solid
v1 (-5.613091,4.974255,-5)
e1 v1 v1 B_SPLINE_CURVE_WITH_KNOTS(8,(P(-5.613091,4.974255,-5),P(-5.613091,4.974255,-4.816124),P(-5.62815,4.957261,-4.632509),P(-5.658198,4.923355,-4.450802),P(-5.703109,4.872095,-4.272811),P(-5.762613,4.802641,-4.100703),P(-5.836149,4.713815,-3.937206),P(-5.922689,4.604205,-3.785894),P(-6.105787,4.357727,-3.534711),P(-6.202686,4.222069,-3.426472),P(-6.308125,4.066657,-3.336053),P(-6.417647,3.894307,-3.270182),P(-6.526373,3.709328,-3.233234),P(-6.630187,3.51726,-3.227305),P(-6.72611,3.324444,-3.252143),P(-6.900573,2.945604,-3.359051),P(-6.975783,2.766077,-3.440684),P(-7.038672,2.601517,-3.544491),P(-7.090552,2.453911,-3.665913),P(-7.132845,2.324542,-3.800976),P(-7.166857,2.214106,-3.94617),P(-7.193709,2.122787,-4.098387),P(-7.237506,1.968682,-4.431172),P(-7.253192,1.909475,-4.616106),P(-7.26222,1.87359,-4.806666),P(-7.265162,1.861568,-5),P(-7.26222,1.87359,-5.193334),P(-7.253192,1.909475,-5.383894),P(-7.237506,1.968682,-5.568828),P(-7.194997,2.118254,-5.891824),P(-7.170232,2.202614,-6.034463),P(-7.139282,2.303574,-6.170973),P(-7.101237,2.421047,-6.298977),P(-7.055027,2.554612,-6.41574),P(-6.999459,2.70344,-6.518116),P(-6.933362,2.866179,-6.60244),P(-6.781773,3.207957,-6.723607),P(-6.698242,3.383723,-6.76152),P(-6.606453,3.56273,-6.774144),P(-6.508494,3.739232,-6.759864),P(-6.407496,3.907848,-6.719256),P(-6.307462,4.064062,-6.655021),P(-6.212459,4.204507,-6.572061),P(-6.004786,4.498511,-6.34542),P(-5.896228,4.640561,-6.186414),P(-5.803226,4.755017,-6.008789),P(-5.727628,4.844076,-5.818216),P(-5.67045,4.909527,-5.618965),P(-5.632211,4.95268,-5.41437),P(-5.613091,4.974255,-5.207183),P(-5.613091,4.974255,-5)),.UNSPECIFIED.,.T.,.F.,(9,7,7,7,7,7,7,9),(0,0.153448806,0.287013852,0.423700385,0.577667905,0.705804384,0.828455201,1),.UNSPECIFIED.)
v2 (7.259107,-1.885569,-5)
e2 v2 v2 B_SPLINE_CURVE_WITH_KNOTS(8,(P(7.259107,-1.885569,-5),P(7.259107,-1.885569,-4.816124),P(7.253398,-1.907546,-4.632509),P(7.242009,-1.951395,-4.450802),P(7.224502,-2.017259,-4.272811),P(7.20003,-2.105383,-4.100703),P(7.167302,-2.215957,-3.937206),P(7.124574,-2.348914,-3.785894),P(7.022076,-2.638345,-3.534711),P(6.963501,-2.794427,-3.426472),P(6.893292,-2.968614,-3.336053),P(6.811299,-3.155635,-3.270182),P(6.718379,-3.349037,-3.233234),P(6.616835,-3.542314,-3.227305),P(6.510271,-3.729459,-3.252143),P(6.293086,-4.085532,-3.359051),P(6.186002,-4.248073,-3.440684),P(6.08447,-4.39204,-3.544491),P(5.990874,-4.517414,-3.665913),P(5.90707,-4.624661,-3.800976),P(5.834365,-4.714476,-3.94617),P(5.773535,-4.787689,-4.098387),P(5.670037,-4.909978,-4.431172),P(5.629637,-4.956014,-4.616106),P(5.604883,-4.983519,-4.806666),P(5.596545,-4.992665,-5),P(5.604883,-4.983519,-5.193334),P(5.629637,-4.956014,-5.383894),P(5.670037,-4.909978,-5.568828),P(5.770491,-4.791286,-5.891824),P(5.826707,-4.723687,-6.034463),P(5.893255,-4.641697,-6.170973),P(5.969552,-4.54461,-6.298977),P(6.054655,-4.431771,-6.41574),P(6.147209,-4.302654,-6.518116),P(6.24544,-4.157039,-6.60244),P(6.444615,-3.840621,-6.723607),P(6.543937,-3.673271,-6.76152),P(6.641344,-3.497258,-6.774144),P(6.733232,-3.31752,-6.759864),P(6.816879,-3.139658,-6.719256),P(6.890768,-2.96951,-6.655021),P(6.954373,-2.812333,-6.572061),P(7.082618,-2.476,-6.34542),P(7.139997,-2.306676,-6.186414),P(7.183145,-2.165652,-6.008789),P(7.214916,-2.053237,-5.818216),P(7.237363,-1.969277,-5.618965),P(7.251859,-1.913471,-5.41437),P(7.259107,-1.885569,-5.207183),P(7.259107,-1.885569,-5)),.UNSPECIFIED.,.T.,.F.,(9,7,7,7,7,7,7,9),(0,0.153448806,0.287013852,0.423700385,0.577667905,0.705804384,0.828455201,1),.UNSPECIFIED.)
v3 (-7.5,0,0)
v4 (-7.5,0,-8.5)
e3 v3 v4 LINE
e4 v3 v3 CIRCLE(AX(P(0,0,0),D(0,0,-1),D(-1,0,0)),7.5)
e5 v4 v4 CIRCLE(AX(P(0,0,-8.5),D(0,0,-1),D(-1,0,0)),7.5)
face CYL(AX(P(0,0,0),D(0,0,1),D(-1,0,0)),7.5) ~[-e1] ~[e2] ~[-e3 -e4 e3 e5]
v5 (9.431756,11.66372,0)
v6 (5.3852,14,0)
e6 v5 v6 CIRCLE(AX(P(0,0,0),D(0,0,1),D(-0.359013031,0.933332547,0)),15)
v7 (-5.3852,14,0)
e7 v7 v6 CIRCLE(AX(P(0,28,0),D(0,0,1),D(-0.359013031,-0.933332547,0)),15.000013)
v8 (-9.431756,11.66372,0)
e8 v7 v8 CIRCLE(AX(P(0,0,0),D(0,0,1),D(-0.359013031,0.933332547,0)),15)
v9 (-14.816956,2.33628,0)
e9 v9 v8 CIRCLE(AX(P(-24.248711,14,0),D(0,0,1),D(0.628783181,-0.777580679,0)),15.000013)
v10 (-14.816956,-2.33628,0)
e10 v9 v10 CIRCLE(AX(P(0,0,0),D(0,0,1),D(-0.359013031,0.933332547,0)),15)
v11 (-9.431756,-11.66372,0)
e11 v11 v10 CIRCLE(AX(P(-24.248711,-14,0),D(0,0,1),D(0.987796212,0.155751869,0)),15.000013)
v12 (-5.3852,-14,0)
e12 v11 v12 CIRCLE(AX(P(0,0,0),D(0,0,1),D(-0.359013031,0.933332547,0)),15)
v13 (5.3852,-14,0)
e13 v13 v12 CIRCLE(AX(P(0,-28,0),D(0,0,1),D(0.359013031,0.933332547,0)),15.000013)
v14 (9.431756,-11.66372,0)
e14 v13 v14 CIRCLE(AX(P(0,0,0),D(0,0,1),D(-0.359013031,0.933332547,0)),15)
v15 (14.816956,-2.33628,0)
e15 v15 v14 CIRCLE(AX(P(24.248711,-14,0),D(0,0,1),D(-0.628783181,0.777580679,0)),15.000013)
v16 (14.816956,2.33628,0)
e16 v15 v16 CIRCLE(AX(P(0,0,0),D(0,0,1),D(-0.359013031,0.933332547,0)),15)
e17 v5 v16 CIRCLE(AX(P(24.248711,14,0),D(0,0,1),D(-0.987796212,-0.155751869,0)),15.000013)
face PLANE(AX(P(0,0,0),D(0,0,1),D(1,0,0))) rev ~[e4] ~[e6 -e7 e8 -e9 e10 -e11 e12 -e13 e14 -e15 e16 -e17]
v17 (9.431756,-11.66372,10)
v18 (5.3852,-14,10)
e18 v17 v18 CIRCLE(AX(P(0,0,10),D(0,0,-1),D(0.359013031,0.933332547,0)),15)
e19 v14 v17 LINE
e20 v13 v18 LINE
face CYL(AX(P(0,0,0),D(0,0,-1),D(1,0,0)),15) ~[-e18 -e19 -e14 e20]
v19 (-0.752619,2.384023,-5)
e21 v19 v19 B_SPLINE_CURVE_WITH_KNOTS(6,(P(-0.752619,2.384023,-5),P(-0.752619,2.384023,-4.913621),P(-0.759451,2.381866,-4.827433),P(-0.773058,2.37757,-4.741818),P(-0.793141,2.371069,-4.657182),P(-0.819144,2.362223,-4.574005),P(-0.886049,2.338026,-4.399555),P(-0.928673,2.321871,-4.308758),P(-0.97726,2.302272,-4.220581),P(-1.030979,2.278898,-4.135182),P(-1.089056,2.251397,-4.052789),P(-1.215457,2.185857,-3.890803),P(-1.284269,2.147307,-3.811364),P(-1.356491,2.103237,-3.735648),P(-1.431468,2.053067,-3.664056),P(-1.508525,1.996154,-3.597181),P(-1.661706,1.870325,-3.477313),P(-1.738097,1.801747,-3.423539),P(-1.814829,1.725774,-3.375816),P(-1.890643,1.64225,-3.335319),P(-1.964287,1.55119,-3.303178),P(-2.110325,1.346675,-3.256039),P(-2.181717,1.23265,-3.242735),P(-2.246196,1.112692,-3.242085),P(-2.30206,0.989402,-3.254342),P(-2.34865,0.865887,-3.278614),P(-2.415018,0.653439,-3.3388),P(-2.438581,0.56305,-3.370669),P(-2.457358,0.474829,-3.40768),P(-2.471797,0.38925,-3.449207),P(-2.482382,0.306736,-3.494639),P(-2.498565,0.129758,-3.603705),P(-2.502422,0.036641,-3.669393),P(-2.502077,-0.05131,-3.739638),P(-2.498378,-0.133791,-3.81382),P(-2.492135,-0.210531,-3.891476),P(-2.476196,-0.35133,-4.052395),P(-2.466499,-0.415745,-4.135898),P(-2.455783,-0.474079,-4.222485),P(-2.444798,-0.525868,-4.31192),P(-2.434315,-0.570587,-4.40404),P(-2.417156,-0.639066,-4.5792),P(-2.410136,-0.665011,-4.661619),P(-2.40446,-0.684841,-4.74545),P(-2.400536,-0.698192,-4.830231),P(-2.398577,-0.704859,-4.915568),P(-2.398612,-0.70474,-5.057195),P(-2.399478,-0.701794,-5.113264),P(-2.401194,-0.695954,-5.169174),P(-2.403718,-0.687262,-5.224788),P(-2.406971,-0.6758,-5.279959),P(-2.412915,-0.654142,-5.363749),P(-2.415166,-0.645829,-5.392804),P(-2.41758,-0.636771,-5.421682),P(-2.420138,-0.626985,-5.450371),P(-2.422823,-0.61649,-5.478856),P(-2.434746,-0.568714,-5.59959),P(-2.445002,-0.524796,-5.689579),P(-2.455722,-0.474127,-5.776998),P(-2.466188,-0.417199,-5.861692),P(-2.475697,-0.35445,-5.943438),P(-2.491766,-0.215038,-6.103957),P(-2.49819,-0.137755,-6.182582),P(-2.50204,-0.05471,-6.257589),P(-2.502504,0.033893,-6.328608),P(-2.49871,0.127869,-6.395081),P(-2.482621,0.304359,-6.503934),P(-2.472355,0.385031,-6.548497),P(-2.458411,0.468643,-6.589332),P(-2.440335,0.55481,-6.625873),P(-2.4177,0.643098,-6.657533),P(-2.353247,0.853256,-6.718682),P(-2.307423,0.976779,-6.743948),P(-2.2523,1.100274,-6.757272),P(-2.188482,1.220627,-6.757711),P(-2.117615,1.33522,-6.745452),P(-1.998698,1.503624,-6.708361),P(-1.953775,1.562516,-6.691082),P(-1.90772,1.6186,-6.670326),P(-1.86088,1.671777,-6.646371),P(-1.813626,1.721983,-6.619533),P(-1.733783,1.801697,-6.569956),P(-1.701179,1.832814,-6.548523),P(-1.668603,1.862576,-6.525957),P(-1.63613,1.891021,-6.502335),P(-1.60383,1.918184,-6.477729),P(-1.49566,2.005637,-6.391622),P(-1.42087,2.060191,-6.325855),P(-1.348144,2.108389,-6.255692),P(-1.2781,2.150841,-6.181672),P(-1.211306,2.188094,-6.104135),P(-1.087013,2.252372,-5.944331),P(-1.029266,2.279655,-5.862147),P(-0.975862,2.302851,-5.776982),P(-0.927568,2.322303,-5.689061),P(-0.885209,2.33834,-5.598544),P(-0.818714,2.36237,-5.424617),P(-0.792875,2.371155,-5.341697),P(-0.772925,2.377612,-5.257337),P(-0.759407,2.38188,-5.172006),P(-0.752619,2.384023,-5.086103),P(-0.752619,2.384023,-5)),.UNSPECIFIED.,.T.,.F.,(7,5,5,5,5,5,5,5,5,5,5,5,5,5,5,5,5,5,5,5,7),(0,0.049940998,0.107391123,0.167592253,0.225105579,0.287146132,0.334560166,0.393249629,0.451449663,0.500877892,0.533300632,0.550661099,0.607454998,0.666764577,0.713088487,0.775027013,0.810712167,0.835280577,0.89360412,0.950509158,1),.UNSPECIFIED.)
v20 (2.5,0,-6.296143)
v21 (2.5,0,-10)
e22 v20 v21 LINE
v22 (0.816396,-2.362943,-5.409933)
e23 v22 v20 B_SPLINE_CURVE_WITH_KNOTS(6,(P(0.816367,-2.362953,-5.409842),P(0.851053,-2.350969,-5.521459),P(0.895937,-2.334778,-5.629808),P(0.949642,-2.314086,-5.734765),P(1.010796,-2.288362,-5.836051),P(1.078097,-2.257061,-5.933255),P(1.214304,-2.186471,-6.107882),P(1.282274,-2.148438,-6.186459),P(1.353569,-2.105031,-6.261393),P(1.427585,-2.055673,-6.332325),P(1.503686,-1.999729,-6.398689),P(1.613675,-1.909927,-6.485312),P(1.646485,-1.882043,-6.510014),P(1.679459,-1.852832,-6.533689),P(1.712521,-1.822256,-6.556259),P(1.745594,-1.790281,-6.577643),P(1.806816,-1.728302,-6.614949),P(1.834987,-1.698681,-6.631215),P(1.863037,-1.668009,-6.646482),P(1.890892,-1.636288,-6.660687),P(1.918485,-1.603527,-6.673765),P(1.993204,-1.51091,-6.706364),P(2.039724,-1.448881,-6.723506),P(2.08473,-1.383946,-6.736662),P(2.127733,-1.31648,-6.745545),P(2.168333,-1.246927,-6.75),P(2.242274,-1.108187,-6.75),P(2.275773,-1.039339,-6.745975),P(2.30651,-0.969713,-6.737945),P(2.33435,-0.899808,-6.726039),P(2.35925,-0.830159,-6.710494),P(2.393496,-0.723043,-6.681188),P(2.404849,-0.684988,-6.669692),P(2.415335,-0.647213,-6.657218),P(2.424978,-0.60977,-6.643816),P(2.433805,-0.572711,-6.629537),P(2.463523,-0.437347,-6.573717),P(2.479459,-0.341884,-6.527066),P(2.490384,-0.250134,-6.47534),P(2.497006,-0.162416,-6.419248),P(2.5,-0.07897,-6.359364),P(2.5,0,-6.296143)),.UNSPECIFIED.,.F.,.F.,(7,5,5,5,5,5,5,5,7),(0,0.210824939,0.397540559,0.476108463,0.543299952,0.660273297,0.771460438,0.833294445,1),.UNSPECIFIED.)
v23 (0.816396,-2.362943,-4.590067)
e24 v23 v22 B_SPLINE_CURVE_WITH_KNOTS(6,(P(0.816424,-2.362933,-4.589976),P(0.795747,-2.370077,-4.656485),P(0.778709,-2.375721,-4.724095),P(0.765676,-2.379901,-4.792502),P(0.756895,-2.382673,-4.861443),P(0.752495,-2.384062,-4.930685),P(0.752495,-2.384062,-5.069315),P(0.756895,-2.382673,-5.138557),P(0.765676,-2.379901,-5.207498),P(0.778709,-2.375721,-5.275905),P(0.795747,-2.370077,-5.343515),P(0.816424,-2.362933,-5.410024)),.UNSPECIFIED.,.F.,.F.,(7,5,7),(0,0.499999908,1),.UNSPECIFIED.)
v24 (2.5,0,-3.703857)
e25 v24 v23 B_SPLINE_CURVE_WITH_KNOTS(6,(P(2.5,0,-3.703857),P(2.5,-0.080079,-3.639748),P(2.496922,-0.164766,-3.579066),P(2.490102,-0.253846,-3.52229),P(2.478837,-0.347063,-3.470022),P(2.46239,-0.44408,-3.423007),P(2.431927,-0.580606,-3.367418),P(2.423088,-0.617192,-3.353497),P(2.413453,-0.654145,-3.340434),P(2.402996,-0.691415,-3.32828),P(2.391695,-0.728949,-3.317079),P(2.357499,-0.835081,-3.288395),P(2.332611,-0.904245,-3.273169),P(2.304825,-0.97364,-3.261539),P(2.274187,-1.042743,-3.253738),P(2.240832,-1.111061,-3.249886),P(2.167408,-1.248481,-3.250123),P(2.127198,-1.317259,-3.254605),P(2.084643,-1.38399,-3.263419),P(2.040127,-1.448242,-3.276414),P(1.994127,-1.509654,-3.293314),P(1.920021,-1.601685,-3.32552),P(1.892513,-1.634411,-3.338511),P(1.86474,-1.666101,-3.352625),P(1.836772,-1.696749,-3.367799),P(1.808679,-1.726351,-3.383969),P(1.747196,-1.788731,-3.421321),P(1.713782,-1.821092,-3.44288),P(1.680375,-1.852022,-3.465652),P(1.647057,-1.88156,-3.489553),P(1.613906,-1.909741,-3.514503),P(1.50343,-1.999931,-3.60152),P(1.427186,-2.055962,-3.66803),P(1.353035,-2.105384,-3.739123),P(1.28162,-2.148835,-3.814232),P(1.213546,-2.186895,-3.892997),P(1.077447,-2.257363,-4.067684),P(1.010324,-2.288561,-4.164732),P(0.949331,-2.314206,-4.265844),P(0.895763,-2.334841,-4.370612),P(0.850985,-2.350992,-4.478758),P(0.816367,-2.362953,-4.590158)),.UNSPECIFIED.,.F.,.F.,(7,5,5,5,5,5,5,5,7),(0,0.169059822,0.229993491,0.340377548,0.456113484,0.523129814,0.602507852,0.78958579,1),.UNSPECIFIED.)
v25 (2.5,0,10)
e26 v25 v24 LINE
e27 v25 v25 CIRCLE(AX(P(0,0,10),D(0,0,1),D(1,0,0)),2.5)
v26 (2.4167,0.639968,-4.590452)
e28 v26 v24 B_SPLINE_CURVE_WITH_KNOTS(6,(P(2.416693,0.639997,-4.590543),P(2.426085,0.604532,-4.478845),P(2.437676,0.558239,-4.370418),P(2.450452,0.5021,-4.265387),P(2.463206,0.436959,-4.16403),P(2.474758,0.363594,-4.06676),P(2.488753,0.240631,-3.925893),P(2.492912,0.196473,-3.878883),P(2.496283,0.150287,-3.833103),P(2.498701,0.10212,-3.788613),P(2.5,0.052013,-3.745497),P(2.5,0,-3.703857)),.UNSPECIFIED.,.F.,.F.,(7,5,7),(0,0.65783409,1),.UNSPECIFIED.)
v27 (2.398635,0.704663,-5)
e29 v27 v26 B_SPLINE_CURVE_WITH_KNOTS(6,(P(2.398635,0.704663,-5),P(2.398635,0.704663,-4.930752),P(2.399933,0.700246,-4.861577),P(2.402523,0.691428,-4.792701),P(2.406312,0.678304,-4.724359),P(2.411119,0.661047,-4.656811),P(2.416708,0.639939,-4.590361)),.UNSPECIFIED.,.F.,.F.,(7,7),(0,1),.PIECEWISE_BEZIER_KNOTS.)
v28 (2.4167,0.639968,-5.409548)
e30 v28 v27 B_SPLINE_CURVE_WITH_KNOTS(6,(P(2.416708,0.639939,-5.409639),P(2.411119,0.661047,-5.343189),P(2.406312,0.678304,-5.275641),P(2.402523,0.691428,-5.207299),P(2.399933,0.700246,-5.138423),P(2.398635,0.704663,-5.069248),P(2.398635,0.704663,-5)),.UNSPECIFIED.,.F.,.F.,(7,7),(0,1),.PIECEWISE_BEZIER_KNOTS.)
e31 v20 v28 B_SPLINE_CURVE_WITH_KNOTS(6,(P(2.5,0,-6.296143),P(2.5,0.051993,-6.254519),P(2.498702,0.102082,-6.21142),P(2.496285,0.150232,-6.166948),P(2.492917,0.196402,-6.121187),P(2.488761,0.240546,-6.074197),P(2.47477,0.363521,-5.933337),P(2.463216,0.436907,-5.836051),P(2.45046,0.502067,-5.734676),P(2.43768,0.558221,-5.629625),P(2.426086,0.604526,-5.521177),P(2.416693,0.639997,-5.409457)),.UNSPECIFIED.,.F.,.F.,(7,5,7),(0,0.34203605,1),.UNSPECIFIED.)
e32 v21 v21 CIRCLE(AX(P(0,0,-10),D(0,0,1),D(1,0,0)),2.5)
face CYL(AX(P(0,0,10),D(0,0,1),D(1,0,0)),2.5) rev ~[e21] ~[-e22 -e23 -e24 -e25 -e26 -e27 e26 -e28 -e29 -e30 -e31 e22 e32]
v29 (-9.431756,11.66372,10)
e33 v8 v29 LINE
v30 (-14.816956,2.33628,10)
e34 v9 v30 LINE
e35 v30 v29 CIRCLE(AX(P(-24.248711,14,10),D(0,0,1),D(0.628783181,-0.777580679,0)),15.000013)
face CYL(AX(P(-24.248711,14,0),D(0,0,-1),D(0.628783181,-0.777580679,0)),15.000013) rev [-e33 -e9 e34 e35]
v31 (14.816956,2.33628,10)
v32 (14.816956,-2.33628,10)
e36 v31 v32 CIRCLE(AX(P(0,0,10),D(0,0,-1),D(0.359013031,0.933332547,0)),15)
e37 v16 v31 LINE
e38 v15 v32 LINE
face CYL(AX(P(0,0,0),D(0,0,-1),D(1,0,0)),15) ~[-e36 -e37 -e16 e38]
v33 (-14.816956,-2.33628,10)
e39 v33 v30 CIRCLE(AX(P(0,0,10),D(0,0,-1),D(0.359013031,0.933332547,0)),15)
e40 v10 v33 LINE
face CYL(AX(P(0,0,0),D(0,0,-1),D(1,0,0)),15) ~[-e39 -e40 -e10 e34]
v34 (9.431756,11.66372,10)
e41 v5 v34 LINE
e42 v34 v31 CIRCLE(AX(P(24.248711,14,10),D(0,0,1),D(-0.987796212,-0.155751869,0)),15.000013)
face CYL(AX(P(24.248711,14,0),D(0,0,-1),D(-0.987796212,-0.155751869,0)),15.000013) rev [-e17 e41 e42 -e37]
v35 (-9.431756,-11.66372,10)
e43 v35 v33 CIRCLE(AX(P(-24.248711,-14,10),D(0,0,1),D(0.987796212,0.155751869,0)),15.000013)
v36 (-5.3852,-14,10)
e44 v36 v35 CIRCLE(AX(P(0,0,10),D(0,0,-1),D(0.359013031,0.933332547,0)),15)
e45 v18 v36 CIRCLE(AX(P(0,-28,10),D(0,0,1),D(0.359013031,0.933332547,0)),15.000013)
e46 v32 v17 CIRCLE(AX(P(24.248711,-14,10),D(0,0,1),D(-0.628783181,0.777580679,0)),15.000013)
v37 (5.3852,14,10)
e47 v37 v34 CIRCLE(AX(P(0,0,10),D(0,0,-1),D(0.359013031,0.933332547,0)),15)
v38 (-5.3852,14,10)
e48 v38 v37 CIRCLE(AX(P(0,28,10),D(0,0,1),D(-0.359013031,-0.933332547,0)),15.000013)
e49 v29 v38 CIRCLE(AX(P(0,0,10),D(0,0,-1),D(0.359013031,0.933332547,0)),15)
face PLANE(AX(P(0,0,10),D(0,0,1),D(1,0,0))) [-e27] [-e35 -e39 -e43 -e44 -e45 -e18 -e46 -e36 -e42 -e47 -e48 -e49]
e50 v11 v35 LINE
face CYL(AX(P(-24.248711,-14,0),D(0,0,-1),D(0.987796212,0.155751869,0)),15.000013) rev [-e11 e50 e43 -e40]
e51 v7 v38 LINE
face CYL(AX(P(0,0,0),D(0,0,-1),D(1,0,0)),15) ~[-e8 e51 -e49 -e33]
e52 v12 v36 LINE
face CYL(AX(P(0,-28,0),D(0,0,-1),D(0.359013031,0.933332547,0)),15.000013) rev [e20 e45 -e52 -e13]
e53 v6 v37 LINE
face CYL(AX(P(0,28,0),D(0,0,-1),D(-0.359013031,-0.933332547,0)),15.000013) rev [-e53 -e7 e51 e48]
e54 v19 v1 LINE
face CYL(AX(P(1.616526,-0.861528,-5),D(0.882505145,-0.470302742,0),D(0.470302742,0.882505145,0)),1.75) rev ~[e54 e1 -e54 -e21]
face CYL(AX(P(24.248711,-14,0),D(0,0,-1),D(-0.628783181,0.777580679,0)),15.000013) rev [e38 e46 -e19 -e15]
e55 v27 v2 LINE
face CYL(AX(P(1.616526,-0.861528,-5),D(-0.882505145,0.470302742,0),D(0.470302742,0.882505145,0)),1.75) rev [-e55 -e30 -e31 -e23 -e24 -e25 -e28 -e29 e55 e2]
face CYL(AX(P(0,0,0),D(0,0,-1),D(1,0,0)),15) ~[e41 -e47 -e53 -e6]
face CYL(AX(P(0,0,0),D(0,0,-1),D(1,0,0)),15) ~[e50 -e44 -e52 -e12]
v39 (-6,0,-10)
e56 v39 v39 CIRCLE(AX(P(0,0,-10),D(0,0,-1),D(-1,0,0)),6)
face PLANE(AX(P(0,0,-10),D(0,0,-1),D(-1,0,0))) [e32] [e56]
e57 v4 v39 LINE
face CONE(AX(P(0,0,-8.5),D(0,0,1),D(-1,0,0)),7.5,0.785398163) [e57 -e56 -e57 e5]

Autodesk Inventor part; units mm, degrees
ref_plane "YZ Plane" through (0, 0, 0) normal (1, 0, 0) x (0, 1, 0)
ref_plane "XZ Plane" through (0, 0, 0) normal (0, 1, 0) x (-1, 0, 0)
sketch "Skizze1" plane through (0, 0, 0) normal (0, 0, 1) x (1, 0, 0)
  circle A0 centre (0, 0) radius 15
  line L0 (0, 15) -> (0, -15) construction
  arc A1 (-5.3852, 14) -> (5.3852, 14) centre (0, 28) ccw
  point P0 (0, 0)
  point P1 (0, 13)
  dimension "d0" = 30
  dimension "d1" = 15
  dimension "d2" = 13
extrude "Extrusion1" add sketch "Skizze1" along normal blind 10
extrude "Extrusion2" cut sketch "Skizze1" along normal blind 10 contours A1 A0 picked at (0.6105, 13.7041)
pattern_circular "Runde Anordnung1" count 6 over 360 about axis through (0, 0, 0) along (0, 0, 1) of "Extrusion2"
sketch "Skizze2" plane through (0, 0, 0) normal (0, 0, -1) x (-1, 0, 0)
  circle A0 centre (0, 0) radius 7.5
  dimension "d10" = 15
extrude "Extrusion3" add sketch "Skizze2" along normal blind 10
chamfer "Fasen1" distance 1.5 angle 45 1 edges at (7.5, 0, -10)
sketch "Skizze3" plane through (0, 0, 10) normal (0, 0, 1) x (1, 0, 0)
  circle A0 centre (0, 0) radius 2.5
  dimension "d16" = 5
extrude "Extrusion4" cut sketch "Skizze3" against normal up to surface (20 mm away)
ref_plane "Arbeitsebene2" through (-5.3852, -14, 0) normal (0.8825, -0.4703, 0) x (0.4703, 0.8825, 0)
sketch "Skizze5" plane through (-5.3852, -14, 0) normal (0.8825, -0.4703, 0) x (0.4703, 0.8825, 0)
  circle A0 centre (14.8877, -5) radius 1.75
  point P0 (14.8877, 0)
  dimension "d21" = 3.5
  dimension "d22" = 5
extrude "Extrusion5" cut sketch "Skizze5" along normal through all both and the other way through all
thread "Gewinde2" size "M3.5x0.6" class "6H" standard "ANSI Metric M Profile" length 25
thread "Gewinde3" size "M3.5x0.6" class "6H" standard "ANSI Metric M Profile" length 25
properties part number "bolt" material "Stahl, galvanisiert"
